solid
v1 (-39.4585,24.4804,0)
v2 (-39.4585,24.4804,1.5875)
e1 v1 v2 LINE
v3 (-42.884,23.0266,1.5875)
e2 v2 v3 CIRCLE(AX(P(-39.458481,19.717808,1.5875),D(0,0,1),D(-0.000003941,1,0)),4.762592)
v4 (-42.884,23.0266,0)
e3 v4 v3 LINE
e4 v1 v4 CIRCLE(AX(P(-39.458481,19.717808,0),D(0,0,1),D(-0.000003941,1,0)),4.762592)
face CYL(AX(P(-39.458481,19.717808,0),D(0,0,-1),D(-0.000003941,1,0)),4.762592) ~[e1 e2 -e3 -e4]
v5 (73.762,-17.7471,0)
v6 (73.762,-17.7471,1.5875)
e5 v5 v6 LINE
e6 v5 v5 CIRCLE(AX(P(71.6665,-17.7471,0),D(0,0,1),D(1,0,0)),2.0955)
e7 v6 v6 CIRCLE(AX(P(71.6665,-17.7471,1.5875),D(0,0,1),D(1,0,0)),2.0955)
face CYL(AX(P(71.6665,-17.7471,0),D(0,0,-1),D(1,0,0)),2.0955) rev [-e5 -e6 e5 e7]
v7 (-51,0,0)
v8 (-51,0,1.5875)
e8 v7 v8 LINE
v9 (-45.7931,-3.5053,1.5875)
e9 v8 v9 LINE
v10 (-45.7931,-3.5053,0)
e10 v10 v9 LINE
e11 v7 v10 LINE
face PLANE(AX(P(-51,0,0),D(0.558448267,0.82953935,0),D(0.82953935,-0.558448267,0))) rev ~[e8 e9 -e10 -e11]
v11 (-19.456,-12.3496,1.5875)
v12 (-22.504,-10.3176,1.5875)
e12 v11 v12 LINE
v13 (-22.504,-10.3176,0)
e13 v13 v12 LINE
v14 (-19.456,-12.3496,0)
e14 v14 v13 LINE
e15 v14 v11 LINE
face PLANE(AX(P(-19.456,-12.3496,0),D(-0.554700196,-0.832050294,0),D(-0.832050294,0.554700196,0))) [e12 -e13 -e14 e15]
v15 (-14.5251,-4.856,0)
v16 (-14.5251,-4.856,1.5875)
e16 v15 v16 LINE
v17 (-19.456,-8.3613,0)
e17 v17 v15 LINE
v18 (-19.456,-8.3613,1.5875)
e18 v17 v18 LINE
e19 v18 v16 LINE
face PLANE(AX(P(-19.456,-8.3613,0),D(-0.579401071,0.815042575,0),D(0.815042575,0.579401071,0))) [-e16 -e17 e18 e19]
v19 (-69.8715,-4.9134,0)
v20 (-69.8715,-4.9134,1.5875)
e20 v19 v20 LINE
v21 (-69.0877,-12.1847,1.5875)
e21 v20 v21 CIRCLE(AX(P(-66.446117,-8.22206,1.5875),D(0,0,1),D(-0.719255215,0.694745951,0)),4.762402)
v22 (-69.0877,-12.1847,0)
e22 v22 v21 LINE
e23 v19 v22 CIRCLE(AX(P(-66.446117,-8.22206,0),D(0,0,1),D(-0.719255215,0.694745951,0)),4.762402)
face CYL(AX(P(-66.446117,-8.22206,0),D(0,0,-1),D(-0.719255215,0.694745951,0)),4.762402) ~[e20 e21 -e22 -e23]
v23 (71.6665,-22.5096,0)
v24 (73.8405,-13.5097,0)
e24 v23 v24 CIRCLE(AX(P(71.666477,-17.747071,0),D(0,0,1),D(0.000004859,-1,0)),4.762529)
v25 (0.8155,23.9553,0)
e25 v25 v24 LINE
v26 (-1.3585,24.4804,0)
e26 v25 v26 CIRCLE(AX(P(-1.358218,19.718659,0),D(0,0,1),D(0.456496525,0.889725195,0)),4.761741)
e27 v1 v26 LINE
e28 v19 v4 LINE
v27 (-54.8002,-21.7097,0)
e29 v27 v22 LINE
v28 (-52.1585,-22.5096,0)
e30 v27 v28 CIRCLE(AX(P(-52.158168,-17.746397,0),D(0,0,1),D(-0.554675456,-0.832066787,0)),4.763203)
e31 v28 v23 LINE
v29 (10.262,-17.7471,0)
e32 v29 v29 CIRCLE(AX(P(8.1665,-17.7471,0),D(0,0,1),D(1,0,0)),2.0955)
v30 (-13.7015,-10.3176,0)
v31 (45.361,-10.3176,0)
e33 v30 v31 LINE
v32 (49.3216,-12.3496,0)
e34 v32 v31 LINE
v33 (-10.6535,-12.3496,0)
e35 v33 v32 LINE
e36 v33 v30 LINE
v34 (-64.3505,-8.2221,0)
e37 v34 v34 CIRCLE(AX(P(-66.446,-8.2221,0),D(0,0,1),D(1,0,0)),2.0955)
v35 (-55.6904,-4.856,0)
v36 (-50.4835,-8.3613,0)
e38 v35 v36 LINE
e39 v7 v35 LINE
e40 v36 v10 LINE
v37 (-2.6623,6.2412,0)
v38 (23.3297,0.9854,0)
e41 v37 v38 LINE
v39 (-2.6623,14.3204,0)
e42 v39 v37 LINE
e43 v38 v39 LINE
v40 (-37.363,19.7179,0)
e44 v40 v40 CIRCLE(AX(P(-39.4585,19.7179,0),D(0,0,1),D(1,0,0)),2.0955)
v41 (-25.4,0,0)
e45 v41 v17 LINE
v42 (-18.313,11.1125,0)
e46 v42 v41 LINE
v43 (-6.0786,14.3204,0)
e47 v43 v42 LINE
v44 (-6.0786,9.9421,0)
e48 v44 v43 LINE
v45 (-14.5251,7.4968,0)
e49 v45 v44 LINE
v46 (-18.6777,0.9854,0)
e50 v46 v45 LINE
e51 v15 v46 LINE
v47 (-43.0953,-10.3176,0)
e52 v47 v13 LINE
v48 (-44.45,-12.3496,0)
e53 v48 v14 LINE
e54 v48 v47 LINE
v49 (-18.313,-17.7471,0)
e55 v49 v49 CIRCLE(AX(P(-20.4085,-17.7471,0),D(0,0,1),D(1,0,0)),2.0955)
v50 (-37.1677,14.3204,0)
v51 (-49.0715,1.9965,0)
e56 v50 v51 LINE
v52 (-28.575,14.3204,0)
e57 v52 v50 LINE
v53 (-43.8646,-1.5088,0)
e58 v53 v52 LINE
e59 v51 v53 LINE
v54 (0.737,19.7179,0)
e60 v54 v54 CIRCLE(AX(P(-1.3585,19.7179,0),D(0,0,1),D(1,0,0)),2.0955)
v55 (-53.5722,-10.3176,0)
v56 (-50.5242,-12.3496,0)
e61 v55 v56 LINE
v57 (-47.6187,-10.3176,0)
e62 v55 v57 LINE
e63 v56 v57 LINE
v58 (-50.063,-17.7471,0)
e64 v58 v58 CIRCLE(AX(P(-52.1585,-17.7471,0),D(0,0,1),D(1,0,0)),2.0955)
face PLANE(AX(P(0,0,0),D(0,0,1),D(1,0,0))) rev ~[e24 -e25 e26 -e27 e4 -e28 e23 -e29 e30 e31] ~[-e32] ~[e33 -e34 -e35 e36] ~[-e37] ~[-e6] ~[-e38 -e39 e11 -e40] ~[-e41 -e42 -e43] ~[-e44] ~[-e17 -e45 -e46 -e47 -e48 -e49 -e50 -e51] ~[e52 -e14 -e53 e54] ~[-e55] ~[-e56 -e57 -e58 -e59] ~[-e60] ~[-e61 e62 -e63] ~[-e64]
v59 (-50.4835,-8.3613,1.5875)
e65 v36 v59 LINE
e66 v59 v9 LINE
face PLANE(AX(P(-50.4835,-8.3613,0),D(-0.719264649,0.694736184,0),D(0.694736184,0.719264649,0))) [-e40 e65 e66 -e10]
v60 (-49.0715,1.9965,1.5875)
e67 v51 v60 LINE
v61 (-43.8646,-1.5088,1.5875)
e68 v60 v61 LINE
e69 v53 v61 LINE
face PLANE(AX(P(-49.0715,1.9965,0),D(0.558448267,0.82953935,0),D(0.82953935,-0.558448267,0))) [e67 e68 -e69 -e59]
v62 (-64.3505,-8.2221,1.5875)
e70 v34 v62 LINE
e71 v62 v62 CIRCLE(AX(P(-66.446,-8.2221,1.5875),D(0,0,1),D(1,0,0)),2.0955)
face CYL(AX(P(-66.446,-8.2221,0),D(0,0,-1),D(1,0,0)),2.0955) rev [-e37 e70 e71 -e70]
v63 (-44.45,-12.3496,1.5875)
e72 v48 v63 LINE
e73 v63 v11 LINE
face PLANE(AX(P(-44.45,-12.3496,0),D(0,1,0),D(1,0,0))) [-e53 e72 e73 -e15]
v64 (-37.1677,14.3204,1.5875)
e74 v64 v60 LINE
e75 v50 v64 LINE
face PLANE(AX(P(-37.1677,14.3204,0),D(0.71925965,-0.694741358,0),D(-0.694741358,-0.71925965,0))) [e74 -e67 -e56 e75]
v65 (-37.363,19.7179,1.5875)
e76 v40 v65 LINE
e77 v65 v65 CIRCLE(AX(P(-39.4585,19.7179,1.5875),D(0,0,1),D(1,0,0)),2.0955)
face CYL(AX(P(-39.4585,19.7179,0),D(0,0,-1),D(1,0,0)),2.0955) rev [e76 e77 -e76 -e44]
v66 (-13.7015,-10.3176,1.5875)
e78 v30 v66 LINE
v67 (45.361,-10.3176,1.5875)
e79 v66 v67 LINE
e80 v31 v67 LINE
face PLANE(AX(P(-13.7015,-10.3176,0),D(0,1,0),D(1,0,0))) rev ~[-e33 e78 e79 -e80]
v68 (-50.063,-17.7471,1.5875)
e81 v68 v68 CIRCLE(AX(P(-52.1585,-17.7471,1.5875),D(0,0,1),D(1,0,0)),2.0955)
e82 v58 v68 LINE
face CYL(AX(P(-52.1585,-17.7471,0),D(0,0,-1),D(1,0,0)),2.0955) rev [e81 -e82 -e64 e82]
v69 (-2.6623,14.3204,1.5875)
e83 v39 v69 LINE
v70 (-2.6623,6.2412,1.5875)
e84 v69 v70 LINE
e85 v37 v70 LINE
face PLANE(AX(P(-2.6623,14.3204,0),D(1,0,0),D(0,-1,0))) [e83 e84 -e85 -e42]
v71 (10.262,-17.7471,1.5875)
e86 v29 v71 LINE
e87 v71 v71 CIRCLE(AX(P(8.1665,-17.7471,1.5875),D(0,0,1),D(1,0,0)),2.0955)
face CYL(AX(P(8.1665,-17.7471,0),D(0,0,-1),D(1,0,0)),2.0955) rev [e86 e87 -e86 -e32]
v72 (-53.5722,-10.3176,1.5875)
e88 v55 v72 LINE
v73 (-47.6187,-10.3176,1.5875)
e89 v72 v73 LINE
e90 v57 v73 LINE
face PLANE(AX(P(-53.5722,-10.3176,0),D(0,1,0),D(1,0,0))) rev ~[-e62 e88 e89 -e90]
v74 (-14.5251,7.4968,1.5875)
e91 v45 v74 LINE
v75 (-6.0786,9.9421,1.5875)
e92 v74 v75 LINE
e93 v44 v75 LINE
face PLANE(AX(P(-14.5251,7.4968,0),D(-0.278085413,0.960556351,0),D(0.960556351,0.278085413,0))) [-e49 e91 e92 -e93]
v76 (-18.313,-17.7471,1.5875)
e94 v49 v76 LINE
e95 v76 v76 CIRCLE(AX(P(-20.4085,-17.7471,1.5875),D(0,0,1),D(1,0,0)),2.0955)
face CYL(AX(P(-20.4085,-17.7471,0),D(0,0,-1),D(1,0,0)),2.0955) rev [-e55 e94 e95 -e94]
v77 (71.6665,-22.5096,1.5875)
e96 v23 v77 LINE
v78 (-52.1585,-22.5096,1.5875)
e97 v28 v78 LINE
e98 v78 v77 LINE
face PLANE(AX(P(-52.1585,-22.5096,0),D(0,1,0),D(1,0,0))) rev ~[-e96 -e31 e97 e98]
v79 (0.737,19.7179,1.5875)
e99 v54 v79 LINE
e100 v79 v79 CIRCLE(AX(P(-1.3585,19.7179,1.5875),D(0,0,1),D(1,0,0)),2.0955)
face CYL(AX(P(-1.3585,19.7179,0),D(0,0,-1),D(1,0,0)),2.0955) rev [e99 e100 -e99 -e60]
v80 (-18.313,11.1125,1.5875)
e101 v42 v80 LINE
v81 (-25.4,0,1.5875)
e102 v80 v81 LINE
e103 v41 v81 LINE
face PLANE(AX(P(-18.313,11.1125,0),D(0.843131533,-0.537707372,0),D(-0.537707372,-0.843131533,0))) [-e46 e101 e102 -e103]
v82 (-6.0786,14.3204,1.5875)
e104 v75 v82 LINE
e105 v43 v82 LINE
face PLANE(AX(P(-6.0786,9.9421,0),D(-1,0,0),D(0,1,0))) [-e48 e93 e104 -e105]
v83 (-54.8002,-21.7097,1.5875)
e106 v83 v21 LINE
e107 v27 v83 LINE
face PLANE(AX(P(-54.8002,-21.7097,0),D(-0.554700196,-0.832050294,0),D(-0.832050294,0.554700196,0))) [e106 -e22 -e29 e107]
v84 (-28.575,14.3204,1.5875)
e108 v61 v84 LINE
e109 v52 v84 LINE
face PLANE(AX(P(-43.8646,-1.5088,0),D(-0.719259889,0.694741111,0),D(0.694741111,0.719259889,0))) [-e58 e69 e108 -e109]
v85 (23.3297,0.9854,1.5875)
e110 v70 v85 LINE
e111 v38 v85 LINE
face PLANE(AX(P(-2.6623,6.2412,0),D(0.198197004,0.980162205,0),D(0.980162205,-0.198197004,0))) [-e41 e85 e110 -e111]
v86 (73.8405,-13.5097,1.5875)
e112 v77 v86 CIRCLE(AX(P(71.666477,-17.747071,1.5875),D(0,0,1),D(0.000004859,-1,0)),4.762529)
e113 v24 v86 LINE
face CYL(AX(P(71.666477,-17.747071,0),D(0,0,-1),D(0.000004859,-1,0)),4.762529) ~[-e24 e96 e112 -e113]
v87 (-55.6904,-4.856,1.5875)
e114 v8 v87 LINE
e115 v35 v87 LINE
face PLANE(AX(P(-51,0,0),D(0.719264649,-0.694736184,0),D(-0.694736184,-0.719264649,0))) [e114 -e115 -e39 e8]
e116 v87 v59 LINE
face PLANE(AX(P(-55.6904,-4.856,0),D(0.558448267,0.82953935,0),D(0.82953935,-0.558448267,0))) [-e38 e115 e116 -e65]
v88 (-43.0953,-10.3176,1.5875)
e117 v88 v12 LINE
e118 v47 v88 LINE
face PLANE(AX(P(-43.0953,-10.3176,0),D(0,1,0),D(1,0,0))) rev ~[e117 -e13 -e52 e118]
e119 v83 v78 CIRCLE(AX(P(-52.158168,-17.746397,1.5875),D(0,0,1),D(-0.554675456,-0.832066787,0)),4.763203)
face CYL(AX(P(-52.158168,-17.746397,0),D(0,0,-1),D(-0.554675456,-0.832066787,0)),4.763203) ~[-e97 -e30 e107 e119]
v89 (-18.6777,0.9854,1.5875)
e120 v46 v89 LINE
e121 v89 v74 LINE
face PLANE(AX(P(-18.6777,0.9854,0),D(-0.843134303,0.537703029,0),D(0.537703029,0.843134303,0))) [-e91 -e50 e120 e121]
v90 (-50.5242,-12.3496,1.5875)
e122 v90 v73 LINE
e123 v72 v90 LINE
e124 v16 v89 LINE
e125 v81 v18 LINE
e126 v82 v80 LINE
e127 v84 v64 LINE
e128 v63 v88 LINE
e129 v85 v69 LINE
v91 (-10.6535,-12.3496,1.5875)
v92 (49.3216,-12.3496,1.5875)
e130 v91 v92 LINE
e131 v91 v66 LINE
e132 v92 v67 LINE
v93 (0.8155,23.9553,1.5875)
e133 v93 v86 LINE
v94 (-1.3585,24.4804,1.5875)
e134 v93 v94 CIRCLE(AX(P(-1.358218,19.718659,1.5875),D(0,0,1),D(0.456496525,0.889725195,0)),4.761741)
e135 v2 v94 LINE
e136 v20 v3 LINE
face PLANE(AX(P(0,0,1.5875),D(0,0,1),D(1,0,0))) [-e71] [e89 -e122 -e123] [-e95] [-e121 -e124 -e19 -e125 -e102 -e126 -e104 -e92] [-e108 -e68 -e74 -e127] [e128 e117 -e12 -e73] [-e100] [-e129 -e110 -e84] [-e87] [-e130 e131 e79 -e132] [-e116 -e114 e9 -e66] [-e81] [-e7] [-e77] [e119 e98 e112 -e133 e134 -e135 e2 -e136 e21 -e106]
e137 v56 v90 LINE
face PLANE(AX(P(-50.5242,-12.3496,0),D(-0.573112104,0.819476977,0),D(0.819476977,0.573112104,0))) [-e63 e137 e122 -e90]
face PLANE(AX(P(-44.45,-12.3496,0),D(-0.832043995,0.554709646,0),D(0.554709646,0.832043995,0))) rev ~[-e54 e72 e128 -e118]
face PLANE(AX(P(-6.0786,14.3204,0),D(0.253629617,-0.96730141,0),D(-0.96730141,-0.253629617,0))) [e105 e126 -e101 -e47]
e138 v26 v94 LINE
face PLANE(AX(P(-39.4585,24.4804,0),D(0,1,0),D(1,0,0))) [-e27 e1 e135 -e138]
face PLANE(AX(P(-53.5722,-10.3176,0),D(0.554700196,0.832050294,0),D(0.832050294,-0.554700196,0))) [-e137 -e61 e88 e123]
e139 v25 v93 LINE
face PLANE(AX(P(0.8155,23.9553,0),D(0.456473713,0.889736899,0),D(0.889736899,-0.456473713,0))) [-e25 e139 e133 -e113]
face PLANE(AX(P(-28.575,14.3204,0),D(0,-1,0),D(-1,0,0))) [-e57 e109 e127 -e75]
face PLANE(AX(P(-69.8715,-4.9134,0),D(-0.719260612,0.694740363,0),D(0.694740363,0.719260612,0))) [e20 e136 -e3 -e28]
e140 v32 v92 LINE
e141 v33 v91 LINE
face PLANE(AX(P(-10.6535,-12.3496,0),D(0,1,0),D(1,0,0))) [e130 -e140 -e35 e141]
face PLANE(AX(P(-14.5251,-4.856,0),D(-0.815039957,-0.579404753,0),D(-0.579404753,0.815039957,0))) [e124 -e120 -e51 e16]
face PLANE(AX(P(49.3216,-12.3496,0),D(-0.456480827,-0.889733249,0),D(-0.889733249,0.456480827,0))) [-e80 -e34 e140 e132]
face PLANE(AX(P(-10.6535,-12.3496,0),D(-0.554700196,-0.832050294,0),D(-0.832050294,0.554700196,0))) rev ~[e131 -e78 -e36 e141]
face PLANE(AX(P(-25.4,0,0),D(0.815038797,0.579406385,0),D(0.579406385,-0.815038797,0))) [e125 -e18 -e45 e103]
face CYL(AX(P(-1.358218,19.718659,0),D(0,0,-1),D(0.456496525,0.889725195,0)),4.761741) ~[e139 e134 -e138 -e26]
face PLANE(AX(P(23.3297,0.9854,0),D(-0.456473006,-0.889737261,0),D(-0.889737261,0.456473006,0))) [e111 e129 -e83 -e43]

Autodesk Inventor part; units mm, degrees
ref_plane "YZ Plane" through (0, 0, 0) normal (1, 0, 0) x (0, 1, 0)
ref_plane "XZ Plane" through (0, 0, 0) normal (0, 1, 0) x (-1, 0, 0)
ref_plane "XY Plane" through (0, 0, 0) normal (0, 0, 1) x (1, 0, 0)
sketch "Sketch1" plane through (0, 0, 0) normal (0, 0, 1) x (1, 0, 0)
  circle A0 centre (-66.446, -8.2221) radius 2.0955
  arc A1 (-69.8715, -4.9134) -> (-69.0877, -12.1847) centre (-66.446, -8.2221) ccw
  circle A2 centre (-39.4585, 19.7179) radius 2.0955
  circle A3 centre (-1.3585, 19.7179) radius 2.0955
  arc A4 (-39.4585, 24.4804) -> (-42.884, 23.0266) centre (-39.4585, 19.7179) ccw
  arc A5 (0.8155, 23.9553) -> (-1.3585, 24.4804) centre (-1.3585, 19.7179) ccw
  line L0 (-39.4585, 24.4804) -> (-1.3585, 24.4804)
  line L1 (-69.8715, -4.9134) -> (-42.884, 23.0266)
  circle A6 centre (-52.1585, -17.7471) radius 2.0955
  arc A7 (-54.8002, -21.7097) -> (-52.1585, -22.5096) centre (-52.1585, -17.7471) ccw
  circle A8 centre (-20.4085, -17.7471) radius 2.0955
  circle A9 centre (8.1665, -17.7471) radius 2.0955
  circle A10 centre (71.6665, -17.7471) radius 2.0955
  arc A11 (71.6665, -22.5096) -> (73.8405, -13.5097) centre (71.6665, -17.7471) ccw
  line L2 (0.8155, 23.9553) -> (73.8405, -13.5097)
  line L3 (-52.1585, -22.5096) -> (71.6665, -22.5096)
  line L4 (-54.8002, -21.7097) -> (-69.0877, -12.1847)
  line L5 (-28.575, 14.3204) -> (-37.1677, 14.3204)
  line L6 (-53.5722, -10.3176) -> (-50.5242, -12.3496)
  line L7 (-19.456, -12.3496) -> (-22.504, -10.3176)
  line L8 (-10.6535, -12.3496) -> (-13.7015, -10.3176)
  line L9 (-13.7015, -10.3176) -> (45.361, -10.3176)
  line L10 (-13.7015, -10.3176) -> (45.361, -10.3176) construction
  line L11 (-44.45, -12.3496) -> (-19.456, -12.3496)
  line L12 (-10.6535, -12.3496) -> (49.3216, -12.3496)
  line L13 (-50.5242, -12.3496) -> (-47.6187, -10.3176)
  line L14 (-44.45, -12.3496) -> (-43.0953, -10.3176)
  line L15 (-53.5722, -10.3176) -> (-47.6187, -10.3176)
  line L16 (-43.0953, -10.3176) -> (-22.504, -10.3176)
  line L17 (-53.5722, -10.3176) -> (-47.6187, -10.3176) construction
  line L18 (-43.0953, -10.3176) -> (-22.504, -10.3176) construction
  line L19 (-55.6904, -4.856) -> (-50.4835, -8.3613)
  line L20 (-51, 0) -> (-45.7931, -3.5053)
  line L21 (-49.0715, 1.9965) -> (-43.8646, -1.5088)
  line L22 (-50.4835, -8.3613) -> (-45.7931, -3.5053)
  line L23 (-43.8646, -1.5088) -> (-28.575, 14.3204)
  line L24 (-37.1677, 14.3204) -> (-49.0715, 1.9965)
  line L25 (-51, 0) -> (-55.6904, -4.856)
  line L26 (-2.6623, 14.3204) -> (-2.6623, 6.2412)
  line L27 (-2.6623, 6.2412) -> (23.3297, 0.9854)
  line L28 (23.3297, 0.9854) -> (-2.6623, 14.3204)
  line L29 (49.3216, -12.3496) -> (45.361, -10.3176)
  line L30 (-6.0786, 14.3204) -> (-18.313, 11.1125)
  line L31 (-18.313, 11.1125) -> (-25.4, 0)
  line L32 (-25.4, 0) -> (-19.456, -8.3613)
  line L33 (-19.456, -8.3613) -> (-14.5251, -4.856)
  line L34 (-14.5251, -4.856) -> (-18.6777, 0.9854)
  line L35 (-18.6777, 0.9854) -> (-14.5251, 7.4968)
  line L36 (-14.5251, 7.4968) -> (-6.0786, 9.9421)
  line L37 (-6.0786, 9.9421) -> (-6.0786, 14.3204)
  point P0 (0, 0)
  dimension "d0" = 9.525
  dimension "d1" = 9.525
  dimension "d2" = 9.525
  dimension "d3" = 9.525
  dimension "d4" = 4.191
  dimension "d5" = 4.191
  dimension "d6" = 9.525
  dimension "d9" = 10.16
extrude "Extrusion1" add sketch "Sketch1" along normal blind 1.5875
equation "\"BendRadius\" = Thickness"
equation "\"BendReliefWidth\" = Thickness"
equation "\"BendReliefDepth\" = 0.5 * Thickness"
equation "\"CornerReliefSize\" = 4 * Thickness"
equation "\"MinimumRemnant\" = 2 * Thickness"
equation "\"TransitionRadius\" = BendRadius"
equation "\"JacobiRadiusSize\" = BendRadius"
equation "\"GapSize\" = Thickness"
equation "\"Thickness\" = 1.5875"
properties part number "battery_mount_plate" material "Acetal Resin, White"
